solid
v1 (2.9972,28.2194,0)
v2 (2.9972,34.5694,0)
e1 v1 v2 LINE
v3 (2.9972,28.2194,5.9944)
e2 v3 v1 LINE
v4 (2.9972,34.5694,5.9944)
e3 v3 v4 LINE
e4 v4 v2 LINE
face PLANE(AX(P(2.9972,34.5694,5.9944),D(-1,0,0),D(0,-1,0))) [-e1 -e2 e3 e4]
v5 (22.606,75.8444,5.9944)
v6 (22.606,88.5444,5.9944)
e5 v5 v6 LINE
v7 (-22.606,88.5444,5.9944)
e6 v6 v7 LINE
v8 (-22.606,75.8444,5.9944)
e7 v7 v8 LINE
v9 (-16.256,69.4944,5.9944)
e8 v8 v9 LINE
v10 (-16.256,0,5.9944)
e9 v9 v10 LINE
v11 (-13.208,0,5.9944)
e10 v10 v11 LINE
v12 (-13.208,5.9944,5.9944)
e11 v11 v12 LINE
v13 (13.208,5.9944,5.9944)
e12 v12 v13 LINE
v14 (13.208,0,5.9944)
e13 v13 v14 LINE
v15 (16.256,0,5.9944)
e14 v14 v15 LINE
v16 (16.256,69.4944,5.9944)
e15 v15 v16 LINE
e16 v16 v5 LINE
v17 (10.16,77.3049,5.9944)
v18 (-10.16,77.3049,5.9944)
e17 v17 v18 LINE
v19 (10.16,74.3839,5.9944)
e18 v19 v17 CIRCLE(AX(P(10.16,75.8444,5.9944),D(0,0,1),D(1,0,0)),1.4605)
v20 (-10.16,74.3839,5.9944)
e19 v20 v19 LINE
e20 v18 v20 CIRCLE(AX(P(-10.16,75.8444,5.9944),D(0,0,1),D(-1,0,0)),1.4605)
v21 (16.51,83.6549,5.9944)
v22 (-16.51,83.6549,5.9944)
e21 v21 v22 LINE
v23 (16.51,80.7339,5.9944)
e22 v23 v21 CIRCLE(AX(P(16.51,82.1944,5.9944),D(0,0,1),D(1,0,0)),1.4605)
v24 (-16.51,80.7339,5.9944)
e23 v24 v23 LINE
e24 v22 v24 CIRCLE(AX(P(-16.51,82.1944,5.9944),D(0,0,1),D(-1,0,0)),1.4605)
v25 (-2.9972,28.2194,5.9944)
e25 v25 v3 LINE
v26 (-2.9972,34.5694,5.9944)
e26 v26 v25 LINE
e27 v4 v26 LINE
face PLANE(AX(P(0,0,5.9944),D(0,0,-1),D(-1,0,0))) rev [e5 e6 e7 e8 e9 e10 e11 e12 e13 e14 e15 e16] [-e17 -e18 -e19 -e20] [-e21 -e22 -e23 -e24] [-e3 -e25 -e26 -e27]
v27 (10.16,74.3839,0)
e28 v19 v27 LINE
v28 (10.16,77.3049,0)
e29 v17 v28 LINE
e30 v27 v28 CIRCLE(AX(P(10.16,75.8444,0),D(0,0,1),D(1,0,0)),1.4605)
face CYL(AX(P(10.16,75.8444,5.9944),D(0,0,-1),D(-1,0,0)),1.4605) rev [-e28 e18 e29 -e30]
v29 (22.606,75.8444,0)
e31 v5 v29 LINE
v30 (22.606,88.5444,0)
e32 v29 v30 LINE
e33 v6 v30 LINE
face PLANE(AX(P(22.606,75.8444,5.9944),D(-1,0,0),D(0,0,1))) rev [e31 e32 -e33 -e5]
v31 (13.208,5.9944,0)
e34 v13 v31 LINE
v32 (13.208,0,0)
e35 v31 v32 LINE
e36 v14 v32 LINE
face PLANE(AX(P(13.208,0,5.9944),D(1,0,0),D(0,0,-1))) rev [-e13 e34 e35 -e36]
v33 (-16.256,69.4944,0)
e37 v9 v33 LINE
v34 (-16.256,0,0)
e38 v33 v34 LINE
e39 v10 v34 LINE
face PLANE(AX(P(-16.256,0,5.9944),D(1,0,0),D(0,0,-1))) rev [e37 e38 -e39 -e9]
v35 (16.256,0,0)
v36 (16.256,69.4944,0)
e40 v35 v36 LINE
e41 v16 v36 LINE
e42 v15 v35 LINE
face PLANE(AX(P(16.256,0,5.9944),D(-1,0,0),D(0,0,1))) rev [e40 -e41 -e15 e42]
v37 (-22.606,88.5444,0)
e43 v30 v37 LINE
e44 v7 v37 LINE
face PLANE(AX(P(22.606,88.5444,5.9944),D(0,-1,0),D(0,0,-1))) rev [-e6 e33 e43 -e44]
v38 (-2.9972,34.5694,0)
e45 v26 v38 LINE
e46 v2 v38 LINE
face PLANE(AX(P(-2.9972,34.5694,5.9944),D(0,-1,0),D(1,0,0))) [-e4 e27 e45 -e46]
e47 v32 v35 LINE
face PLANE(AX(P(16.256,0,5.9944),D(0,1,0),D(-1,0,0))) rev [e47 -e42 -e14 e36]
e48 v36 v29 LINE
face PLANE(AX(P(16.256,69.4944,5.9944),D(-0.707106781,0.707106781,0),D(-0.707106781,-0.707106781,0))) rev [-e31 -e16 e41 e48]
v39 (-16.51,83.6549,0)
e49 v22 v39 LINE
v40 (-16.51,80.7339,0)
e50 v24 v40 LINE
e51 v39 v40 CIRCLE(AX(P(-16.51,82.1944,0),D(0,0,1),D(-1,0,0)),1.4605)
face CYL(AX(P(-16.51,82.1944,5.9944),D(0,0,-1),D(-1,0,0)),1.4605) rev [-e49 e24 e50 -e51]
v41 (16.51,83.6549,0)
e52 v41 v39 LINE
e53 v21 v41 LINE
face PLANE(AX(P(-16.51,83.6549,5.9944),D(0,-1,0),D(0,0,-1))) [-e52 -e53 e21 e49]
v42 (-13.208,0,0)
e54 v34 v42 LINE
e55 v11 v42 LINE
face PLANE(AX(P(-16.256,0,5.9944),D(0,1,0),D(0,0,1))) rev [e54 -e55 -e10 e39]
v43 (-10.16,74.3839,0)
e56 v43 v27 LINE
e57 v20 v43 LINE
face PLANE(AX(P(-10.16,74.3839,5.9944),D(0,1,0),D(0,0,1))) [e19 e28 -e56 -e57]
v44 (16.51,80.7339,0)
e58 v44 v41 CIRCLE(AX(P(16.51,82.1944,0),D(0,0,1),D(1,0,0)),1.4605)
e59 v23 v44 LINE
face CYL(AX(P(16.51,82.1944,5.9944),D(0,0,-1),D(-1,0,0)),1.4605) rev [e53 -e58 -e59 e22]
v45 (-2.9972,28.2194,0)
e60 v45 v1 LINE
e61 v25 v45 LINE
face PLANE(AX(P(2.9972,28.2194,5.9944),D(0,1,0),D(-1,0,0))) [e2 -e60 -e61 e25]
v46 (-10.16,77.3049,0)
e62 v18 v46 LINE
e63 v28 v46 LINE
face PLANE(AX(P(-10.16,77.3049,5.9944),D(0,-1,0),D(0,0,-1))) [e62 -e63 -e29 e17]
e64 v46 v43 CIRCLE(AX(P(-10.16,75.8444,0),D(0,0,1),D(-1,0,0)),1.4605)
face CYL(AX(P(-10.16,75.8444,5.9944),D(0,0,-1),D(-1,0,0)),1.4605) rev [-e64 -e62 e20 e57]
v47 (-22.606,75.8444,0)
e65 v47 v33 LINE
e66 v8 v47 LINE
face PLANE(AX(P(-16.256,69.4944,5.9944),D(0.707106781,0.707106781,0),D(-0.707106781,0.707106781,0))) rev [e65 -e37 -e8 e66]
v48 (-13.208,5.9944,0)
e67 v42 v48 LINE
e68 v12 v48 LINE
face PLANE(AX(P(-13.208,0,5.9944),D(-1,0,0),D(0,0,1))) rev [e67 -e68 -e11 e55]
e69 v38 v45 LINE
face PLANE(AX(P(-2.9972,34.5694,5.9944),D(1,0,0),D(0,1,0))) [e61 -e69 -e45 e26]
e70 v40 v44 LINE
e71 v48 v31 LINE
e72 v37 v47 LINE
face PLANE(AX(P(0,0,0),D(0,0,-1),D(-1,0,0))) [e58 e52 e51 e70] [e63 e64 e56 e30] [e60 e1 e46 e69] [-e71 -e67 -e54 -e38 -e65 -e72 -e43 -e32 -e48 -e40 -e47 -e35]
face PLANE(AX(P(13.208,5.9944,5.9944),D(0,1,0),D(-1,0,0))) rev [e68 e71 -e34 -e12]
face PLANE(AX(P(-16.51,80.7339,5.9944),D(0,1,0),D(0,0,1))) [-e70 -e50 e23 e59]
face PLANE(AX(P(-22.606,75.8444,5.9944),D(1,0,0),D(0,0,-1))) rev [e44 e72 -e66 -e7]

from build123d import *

# Parameters (mm, degrees)
SKETCH1_W           = 5.9944
SKETCH1_H           = 6.35
BOSS_EXTRUDE1_DEPTH = 5.9944


with BuildPart() as part:
    # Sketch1 → Boss-Extrude1 (new body)
    with BuildSketch(Plane.XY):
        Polygon((16.256, 0), (13.208, 0), (13.208, 5.9944), (-13.208, 5.9944), (-13.208, 0), (-16.256, 0), (-16.256, 69.4944), (-22.606, 75.8444), (-22.606, 88.5444), (22.606, 88.5444), (22.606, 75.8444), (16.256, 69.4944), align=None)
        with Locations((0, 31.3944)):
            Rectangle(SKETCH1_W, SKETCH1_H, mode=Mode.SUBTRACT)
        with BuildLine():
            Line((-10.16, 77.3049), (10.16, 77.3049))
            ThreePointArc((10.16, 77.3049), (11.6205, 75.8444), (10.16, 74.3839))
            Line((10.16, 74.3839), (-10.16, 74.3839))
            ThreePointArc((-10.16, 74.3839), (-11.6205, 75.8444), (-10.16, 77.3049))
        make_face(mode=Mode.SUBTRACT)
        with BuildLine():
            Line((-16.51, 83.6549), (16.51, 83.6549))
            ThreePointArc((16.51, 83.6549), (17.9705, 82.1944), (16.51, 80.7339))
            Line((16.51, 80.7339), (-16.51, 80.7339))
            ThreePointArc((-16.51, 80.7339), (-17.9705, 82.1944), (-16.51, 83.6549))
        make_face(mode=Mode.SUBTRACT)
    extrude(amount=BOSS_EXTRUDE1_DEPTH)


solid = part.part
